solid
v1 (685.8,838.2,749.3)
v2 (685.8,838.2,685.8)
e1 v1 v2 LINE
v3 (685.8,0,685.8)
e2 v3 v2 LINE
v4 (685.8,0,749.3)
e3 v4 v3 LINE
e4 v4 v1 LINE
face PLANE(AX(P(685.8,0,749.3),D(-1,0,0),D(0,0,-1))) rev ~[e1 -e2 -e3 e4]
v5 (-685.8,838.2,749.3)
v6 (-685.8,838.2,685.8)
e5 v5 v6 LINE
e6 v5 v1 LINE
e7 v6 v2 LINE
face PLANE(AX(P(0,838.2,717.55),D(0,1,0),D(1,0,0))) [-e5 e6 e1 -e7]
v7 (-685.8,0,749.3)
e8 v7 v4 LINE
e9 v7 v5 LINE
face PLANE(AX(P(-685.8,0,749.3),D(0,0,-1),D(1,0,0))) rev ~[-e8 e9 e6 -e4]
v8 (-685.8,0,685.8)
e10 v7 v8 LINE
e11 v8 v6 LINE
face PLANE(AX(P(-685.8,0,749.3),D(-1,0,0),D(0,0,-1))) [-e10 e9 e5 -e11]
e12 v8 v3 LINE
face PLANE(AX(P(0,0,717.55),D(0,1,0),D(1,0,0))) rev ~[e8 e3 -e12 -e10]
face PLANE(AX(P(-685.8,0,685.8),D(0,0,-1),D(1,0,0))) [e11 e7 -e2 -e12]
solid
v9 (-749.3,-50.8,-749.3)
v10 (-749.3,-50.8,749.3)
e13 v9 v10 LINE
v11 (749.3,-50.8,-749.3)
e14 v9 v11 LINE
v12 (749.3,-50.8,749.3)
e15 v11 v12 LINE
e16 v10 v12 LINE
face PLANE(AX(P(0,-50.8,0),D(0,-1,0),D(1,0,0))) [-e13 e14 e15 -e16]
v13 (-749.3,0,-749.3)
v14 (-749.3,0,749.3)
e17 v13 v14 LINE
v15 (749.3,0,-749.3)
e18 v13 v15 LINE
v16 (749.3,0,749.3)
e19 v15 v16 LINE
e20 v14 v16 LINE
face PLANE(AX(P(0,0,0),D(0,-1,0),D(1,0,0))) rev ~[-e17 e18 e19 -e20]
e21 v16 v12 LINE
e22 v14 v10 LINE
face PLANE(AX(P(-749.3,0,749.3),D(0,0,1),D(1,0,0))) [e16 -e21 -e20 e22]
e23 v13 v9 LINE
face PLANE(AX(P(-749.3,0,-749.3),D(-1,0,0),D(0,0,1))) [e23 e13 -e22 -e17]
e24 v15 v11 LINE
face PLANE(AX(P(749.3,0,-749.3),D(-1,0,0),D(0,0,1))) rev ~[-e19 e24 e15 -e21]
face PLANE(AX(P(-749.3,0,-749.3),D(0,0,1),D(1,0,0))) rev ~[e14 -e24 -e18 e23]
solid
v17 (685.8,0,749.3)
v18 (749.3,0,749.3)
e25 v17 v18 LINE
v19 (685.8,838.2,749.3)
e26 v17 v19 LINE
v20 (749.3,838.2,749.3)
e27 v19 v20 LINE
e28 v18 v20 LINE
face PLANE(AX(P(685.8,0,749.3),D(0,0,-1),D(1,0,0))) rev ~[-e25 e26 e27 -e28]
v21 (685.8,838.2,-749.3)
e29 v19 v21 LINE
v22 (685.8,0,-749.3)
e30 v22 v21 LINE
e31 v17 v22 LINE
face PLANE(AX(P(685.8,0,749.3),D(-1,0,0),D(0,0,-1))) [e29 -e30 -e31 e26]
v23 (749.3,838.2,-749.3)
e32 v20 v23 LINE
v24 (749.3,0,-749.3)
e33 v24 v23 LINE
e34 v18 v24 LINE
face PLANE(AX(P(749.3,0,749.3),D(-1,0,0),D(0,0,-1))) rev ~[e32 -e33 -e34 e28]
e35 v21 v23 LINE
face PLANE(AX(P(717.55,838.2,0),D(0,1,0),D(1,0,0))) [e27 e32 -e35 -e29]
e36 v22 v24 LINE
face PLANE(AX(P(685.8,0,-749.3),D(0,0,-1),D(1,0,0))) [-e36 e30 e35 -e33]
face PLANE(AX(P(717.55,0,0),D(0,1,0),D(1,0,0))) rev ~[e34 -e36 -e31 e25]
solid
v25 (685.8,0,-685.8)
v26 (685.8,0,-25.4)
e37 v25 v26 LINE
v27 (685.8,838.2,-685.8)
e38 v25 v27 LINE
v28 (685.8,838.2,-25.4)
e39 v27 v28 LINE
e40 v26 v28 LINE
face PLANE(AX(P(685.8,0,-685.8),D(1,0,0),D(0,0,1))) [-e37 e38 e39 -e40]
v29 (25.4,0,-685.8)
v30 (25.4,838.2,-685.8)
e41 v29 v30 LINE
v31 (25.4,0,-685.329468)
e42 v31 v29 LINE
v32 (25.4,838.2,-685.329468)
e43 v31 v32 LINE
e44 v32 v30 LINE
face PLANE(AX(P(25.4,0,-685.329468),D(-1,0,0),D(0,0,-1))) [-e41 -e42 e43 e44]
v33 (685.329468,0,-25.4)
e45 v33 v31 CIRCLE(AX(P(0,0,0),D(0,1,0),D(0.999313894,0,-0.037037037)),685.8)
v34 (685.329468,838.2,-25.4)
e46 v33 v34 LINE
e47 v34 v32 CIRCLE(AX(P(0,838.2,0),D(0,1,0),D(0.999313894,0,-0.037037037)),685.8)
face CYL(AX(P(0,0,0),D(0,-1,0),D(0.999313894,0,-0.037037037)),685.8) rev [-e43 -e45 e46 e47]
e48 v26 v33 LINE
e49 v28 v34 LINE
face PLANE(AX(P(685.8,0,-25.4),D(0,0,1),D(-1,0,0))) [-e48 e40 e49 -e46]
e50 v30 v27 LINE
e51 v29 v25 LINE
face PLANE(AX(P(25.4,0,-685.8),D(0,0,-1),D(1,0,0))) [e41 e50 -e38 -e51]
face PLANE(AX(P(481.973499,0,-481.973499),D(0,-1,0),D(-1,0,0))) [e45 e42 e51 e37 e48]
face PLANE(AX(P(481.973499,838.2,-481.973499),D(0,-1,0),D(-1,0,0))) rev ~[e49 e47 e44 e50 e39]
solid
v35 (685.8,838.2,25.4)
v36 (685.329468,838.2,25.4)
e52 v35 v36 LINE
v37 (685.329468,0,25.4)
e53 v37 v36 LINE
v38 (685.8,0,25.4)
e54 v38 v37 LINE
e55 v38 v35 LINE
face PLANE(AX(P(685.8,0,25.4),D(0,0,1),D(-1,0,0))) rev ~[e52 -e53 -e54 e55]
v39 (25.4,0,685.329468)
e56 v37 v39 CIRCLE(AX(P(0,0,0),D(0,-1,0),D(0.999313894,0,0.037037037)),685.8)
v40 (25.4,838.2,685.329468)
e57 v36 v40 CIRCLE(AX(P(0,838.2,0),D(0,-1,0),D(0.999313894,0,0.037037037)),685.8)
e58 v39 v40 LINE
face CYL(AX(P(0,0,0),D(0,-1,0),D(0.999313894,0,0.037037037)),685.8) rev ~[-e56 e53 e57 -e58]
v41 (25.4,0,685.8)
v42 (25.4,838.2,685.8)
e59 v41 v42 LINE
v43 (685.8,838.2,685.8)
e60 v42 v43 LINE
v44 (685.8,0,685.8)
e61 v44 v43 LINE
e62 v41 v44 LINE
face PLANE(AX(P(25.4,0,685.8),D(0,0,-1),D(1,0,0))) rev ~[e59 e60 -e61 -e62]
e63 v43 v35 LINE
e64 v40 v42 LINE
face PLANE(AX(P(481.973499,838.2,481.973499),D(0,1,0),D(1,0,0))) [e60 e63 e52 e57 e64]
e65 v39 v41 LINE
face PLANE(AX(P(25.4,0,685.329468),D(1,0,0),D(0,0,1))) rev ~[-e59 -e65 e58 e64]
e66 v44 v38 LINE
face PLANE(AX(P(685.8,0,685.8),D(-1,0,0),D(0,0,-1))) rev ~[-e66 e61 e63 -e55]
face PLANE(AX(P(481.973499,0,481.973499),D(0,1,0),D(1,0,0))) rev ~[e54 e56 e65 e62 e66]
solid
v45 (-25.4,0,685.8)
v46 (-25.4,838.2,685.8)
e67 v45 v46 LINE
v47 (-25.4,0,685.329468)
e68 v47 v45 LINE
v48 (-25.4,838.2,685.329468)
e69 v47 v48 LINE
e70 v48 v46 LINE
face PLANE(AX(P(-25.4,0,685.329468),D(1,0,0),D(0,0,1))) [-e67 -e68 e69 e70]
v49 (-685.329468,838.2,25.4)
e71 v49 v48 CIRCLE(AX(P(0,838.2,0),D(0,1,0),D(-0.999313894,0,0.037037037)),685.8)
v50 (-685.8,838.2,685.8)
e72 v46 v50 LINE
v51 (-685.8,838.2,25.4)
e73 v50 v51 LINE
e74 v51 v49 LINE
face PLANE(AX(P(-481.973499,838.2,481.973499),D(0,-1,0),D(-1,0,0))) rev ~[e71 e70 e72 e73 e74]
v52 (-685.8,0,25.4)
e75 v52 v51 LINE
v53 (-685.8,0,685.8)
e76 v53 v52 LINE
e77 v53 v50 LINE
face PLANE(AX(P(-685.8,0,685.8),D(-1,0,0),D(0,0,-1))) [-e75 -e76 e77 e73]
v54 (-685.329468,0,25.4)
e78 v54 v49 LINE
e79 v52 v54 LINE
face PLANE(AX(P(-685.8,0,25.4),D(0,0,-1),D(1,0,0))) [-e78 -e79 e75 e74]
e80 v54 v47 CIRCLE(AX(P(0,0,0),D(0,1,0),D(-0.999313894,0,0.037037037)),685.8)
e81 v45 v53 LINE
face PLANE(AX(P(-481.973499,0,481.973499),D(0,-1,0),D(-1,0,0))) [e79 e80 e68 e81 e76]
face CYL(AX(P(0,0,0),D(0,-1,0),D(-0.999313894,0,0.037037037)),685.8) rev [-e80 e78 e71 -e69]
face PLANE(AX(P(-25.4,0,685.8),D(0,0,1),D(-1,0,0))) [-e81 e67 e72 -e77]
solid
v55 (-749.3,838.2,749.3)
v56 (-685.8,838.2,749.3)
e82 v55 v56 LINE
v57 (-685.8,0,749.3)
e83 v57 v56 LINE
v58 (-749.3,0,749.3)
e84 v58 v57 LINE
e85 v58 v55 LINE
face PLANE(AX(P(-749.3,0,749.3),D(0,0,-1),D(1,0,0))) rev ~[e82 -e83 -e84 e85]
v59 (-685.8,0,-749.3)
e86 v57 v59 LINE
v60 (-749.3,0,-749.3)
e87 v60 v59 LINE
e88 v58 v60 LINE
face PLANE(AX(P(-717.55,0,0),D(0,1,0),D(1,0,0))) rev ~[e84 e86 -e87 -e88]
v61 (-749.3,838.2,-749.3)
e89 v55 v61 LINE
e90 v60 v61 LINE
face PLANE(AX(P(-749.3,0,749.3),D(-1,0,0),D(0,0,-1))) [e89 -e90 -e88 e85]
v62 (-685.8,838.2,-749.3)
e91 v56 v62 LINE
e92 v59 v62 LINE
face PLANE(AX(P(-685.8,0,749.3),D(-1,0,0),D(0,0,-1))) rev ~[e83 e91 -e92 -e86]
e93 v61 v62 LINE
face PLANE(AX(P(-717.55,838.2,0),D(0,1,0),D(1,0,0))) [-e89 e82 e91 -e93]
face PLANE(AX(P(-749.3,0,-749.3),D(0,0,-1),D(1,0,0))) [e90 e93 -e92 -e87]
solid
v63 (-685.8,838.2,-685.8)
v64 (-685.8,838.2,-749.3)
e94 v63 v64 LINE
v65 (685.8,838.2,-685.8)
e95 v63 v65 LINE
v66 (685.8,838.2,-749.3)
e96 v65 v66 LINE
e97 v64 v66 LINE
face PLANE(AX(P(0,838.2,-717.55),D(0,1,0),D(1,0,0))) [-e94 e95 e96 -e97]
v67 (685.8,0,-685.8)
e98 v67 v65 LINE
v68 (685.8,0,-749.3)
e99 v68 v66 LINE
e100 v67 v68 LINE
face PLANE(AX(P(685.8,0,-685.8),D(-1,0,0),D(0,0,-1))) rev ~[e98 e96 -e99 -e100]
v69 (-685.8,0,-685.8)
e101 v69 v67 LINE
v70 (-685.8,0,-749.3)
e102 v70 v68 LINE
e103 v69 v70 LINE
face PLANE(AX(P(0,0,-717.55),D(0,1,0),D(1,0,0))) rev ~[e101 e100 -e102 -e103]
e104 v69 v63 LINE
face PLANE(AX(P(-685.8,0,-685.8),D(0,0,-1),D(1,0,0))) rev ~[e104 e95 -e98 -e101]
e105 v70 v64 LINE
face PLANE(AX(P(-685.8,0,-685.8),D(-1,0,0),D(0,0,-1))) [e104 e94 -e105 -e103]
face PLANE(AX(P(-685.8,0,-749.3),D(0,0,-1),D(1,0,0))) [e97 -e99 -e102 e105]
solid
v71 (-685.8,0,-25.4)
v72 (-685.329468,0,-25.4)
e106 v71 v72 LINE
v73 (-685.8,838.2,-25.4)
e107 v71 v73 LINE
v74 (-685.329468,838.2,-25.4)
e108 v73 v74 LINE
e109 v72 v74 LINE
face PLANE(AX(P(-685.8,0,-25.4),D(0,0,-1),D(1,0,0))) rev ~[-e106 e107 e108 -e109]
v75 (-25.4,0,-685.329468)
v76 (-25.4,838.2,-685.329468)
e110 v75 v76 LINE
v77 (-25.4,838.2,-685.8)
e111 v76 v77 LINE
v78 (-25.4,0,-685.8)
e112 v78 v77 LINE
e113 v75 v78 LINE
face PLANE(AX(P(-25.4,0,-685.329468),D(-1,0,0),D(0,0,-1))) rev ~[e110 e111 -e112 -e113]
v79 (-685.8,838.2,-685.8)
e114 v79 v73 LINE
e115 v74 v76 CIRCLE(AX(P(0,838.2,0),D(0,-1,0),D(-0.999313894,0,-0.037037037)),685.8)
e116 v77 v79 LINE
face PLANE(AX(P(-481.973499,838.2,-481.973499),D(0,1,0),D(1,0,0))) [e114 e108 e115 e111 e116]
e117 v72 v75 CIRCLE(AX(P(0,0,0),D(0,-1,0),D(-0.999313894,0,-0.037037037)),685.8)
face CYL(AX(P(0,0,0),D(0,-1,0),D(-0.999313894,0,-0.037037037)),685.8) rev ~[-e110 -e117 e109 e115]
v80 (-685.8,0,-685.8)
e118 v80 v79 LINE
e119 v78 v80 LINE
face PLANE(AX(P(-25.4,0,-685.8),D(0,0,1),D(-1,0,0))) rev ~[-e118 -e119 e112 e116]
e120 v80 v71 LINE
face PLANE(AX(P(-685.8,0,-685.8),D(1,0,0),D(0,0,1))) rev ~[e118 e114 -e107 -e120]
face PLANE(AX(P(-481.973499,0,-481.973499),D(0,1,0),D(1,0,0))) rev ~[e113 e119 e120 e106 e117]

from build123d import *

# Parameters (mm, degrees)
SKETCH1_W             = 1371.6
SKETCH1_H             = 63.5
BOSS_EXTRUDE1_DEPTH   = 838.2
BOSS_EXTRUDE1_2_DEPTH = 838.2
SKETCH2_W             = 63.5
SKETCH2_H             = 1498.6
BOSS_EXTRUDE2_DEPTH   = 838.2
BOSS_EXTRUDE2_2_DEPTH = 838.2
SKETCH3_W             = 1498.6
SKETCH3_H             = 1498.6
BOSS_EXTRUDE3_DEPTH   = 50.8
BOSS_EXTRUDE4_DEPTH   = 838.2
BOSS_EXTRUDE4_2_DEPTH = 838.2
BOSS_EXTRUDE4_3_DEPTH = 838.2
BOSS_EXTRUDE4_4_DEPTH = 838.2


with BuildPart() as part:
    # Sketch1 → Boss-Extrude1 (new body)
    with BuildSketch(Plane(origin=(0, 0, 0), x_dir=(1, 0, 0), z_dir=(0, 1, 0))):
        with Locations((0, 717.55)):
            Rectangle(SKETCH1_W, SKETCH1_H)
    extrude(amount=BOSS_EXTRUDE1_DEPTH)


with BuildPart() as body_2:
    # Sketch1 → Boss-Extrude1 2 (new body)
    with BuildSketch(Plane(origin=(0, 0, 0), x_dir=(1, 0, 0), z_dir=(0, 1, 0))):
        with Locations((0, -717.55)):
            Rectangle(SKETCH1_W, SKETCH1_H)
    extrude(amount=BOSS_EXTRUDE1_2_DEPTH)


with BuildPart() as body_3:
    # Sketch2 → Boss-Extrude2 (new body)
    with BuildSketch(Plane(origin=(0, 0, 0), x_dir=(1, 0, 0), z_dir=(0, 1, 0))):
        with Locations((717.55, 0)):
            Rectangle(SKETCH2_W, SKETCH2_H)
    extrude(amount=BOSS_EXTRUDE2_DEPTH)


with BuildPart() as body_4:
    # Sketch2 → Boss-Extrude2 2 (new body)
    with BuildSketch(Plane(origin=(0, 0, 0), x_dir=(1, 0, 0), z_dir=(0, 1, 0))):
        with Locations((-717.55, 0)):
            Rectangle(SKETCH2_W, SKETCH2_H)
    extrude(amount=BOSS_EXTRUDE2_2_DEPTH)


with BuildPart() as body_5:
    # Sketch3 → Boss-Extrude3 (new body)
    with BuildSketch(Plane.XZ):
        Rectangle(SKETCH3_W, SKETCH3_H)
    extrude(amount=BOSS_EXTRUDE3_DEPTH)


with BuildPart() as body_6:
    # Sketch4 → Boss-Extrude4 (new body)
    with BuildSketch(Plane(origin=(0, 0, 0), x_dir=(1, 0, 0), z_dir=(0, 1, 0))):
        with BuildLine():
            Line((685.8, -685.8), (685.8, -25.4))
            Line((685.8, -25.4), (685.329468212, -25.4))
            ThreePointArc((685.329468212, -25.4), (484.933830538, -484.933830538), (25.4, -685.329468212))
            Line((25.4, -685.329468212), (25.4, -685.8))
            Line((25.4, -685.8), (685.8, -685.8))
        make_face()
    extrude(amount=BOSS_EXTRUDE4_DEPTH)


with BuildPart() as body_7:
    # Sketch4 → Boss-Extrude4 2 (new body)
    with BuildSketch(Plane(origin=(0, 0, 0), x_dir=(1, 0, 0), z_dir=(0, 1, 0))):
        with BuildLine():
            Line((-685.8, 685.8), (-685.8, 25.4))
            Line((-685.8, 25.4), (-685.329468212, 25.4))
            ThreePointArc((-685.329468212, 25.4), (-484.933830538, 484.933830538), (-25.4, 685.329468212))
            Line((-25.4, 685.329468212), (-25.4, 685.8))
            Line((-25.4, 685.8), (-685.8, 685.8))
        make_face()
    extrude(amount=BOSS_EXTRUDE4_2_DEPTH)


with BuildPart() as body_8:
    # Sketch4 → Boss-Extrude4 3 (new body)
    with BuildSketch(Plane(origin=(0, 0, 0), x_dir=(1, 0, 0), z_dir=(0, 1, 0))):
        with BuildLine():
            Line((25.4, 685.8), (685.8, 685.8))
            Line((685.8, 685.8), (685.8, 25.4))
            Line((685.8, 25.4), (685.329468212, 25.4))
            ThreePointArc((685.329468212, 25.4), (484.933830538, 484.933830538), (25.4, 685.329468212))
            Line((25.4, 685.329468212), (25.4, 685.8))
        make_face()
    extrude(amount=BOSS_EXTRUDE4_3_DEPTH)


with BuildPart() as body_9:
    # Sketch4 → Boss-Extrude4 4 (new body)
    with BuildSketch(Plane(origin=(0, 0, 0), x_dir=(1, 0, 0), z_dir=(0, 1, 0))):
        with BuildLine():
            Line((-25.4, -685.8), (-685.8, -685.8))
            Line((-685.8, -685.8), (-685.8, -25.4))
            Line((-685.8, -25.4), (-685.329468212, -25.4))
            ThreePointArc((-685.329468212, -25.4), (-484.933830538, -484.933830538), (-25.4, -685.329468212))
            Line((-25.4, -685.329468212), (-25.4, -685.8))
        make_face()
    extrude(amount=BOSS_EXTRUDE4_4_DEPTH)


solid = Compound([part.part, body_2.part, body_3.part, body_4.part, body_5.part, body_6.part, body_7.part, body_8.part, body_9.part])
